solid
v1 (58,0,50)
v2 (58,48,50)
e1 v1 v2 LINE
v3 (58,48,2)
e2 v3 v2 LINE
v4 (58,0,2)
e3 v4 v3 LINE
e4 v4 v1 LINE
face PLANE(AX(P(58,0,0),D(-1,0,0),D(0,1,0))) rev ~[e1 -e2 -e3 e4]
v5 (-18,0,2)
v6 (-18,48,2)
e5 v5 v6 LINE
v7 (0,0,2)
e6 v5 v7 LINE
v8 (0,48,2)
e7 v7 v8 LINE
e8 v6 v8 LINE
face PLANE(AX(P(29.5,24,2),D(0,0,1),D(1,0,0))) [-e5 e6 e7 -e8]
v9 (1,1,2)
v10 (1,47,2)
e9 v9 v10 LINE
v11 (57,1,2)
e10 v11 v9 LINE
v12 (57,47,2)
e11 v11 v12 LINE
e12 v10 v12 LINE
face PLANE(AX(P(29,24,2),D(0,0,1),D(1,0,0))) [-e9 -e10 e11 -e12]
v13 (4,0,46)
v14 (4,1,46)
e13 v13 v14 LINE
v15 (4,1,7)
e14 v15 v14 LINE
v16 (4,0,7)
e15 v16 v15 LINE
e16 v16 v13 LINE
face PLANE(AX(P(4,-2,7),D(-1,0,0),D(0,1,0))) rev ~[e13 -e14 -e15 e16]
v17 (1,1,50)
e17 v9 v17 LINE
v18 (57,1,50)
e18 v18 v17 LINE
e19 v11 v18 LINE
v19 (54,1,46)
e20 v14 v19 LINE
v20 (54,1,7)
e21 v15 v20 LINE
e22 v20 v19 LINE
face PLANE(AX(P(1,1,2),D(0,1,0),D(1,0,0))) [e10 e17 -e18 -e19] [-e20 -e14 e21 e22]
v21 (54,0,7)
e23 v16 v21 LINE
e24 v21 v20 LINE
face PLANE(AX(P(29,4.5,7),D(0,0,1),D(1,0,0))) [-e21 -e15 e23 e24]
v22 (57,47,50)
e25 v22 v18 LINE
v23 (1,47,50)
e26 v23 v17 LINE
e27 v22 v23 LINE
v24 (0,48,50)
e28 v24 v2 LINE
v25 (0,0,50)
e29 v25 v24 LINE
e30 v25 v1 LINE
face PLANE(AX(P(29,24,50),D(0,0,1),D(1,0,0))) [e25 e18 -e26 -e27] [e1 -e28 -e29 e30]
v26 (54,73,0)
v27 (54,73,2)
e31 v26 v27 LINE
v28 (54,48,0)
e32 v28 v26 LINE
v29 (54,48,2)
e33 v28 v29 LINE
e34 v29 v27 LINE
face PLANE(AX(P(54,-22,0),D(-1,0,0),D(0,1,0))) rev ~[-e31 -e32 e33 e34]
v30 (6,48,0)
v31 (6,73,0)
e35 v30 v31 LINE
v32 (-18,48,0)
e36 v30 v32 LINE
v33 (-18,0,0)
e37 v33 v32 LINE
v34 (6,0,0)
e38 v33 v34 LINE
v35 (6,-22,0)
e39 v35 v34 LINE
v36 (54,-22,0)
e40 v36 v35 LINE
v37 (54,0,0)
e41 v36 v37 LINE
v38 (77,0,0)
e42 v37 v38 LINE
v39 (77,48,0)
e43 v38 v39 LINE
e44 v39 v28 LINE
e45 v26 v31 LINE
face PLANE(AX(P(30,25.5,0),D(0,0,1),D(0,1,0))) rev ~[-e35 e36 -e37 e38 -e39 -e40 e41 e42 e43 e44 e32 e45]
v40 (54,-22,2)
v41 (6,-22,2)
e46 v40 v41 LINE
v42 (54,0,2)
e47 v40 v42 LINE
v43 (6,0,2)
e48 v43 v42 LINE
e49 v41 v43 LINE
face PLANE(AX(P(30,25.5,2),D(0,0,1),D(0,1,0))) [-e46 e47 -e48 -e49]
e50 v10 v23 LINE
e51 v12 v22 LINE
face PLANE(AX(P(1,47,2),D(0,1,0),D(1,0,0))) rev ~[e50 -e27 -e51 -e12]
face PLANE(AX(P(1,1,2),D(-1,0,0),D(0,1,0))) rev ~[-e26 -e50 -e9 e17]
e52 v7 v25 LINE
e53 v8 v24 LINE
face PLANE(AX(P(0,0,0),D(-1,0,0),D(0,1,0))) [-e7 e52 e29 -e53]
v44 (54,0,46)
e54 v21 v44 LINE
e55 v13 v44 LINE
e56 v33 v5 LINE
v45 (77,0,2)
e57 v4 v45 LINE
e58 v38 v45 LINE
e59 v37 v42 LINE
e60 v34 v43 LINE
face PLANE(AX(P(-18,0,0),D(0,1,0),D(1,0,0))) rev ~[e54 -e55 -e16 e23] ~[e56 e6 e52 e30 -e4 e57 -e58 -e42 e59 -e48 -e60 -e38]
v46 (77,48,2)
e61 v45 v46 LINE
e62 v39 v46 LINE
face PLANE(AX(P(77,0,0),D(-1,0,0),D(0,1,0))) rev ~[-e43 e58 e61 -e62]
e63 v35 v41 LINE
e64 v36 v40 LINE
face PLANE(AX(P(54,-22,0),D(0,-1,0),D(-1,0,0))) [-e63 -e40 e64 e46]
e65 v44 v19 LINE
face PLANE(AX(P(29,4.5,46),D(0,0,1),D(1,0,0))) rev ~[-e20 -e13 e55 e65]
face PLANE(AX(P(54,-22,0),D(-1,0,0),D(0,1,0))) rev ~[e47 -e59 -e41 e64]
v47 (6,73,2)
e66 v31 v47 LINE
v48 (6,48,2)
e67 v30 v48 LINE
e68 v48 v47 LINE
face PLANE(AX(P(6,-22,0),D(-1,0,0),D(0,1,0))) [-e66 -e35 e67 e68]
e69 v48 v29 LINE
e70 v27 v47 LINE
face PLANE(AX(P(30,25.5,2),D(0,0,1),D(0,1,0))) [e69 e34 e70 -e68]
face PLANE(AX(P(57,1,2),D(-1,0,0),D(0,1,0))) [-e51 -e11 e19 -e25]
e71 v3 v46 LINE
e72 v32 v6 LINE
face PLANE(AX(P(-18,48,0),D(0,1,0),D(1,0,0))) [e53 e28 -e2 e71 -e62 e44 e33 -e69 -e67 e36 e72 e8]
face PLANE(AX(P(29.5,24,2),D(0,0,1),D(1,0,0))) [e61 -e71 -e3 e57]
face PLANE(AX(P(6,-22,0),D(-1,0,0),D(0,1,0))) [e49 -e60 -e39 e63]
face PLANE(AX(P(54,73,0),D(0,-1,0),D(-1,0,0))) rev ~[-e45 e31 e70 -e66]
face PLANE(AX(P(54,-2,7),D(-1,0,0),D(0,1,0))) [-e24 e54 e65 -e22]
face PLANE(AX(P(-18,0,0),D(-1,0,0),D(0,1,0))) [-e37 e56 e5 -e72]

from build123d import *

# Parameters (mm, degrees)
BOX003_W               = 95
BOX003_H               = 48
BOX003_DEPTH           = 2
BOX004_W               = 95
BOX004_H               = 48
BOX004_DEPTH           = 2
BOX004_PLACEMENT_ANGLE = 90
BOX002_W               = 50
BOX002_H               = 13
BOX002_DEPTH           = 39
BOX001_W               = 56
BOX001_H               = 46
BOX001_DEPTH           = 59
BOX_W                  = 58
BOX_H                  = 48
BOX_DEPTH              = 50


with BuildPart() as cube003:
    # Box003 → Box003 (new body)
    with BuildSketch(Plane(origin=(-18, 0, 0), x_dir=(1, 0, 0), z_dir=(0, 0, 1))):
        with Locations((47.5, 24)):
            Rectangle(BOX003_W, BOX003_H)
    extrude(amount=BOX003_DEPTH)


with BuildPart() as cube004:
    # Box004 → Box004 (new body)
    with BuildSketch(Plane.XY):
        with Locations((47.5, 24)):
            Rectangle(BOX004_W, BOX004_H)
    extrude(amount=BOX004_DEPTH)


with BuildPart() as cube004_1:
    # Box004 placement: moved
    add(cube004.part.moved(Location((54, -22, 0))).rotate(Axis((54, -22, 0), (0, 0, 1)), BOX004_PLACEMENT_ANGLE))


with BuildPart() as cube002:
    # Box002 → Box002 (new body)
    with BuildSketch(Plane(origin=(4, -2, 7), x_dir=(1, 0, 0), z_dir=(0, 0, 1))):
        with Locations((25, 6.5)):
            Rectangle(BOX002_W, BOX002_H)
    extrude(amount=BOX002_DEPTH)


with BuildPart() as cube001:
    # Box001 → Box001 (new body)
    with BuildSketch(Plane(origin=(1, 1, 2), x_dir=(1, 0, 0), z_dir=(0, 0, 1))):
        with Locations((28, 23)):
            Rectangle(BOX001_W, BOX001_H)
    extrude(amount=BOX001_DEPTH)


with BuildPart() as fusion:
    # Box → Box (new body)
    with BuildSketch(Plane.XY):
        with Locations((29, 24)):
            Rectangle(BOX_W, BOX_H)
    extrude(amount=BOX_DEPTH)

    # Cut: cut Cube001
    add(cube001.part, mode=Mode.SUBTRACT)

    # Cut001: cut Cube002
    add(cube002.part, mode=Mode.SUBTRACT)

    # Fusion: union Cube003, Cube004
    add(cube003.part)
    add(cube004_1.part)


solid = fusion.part
